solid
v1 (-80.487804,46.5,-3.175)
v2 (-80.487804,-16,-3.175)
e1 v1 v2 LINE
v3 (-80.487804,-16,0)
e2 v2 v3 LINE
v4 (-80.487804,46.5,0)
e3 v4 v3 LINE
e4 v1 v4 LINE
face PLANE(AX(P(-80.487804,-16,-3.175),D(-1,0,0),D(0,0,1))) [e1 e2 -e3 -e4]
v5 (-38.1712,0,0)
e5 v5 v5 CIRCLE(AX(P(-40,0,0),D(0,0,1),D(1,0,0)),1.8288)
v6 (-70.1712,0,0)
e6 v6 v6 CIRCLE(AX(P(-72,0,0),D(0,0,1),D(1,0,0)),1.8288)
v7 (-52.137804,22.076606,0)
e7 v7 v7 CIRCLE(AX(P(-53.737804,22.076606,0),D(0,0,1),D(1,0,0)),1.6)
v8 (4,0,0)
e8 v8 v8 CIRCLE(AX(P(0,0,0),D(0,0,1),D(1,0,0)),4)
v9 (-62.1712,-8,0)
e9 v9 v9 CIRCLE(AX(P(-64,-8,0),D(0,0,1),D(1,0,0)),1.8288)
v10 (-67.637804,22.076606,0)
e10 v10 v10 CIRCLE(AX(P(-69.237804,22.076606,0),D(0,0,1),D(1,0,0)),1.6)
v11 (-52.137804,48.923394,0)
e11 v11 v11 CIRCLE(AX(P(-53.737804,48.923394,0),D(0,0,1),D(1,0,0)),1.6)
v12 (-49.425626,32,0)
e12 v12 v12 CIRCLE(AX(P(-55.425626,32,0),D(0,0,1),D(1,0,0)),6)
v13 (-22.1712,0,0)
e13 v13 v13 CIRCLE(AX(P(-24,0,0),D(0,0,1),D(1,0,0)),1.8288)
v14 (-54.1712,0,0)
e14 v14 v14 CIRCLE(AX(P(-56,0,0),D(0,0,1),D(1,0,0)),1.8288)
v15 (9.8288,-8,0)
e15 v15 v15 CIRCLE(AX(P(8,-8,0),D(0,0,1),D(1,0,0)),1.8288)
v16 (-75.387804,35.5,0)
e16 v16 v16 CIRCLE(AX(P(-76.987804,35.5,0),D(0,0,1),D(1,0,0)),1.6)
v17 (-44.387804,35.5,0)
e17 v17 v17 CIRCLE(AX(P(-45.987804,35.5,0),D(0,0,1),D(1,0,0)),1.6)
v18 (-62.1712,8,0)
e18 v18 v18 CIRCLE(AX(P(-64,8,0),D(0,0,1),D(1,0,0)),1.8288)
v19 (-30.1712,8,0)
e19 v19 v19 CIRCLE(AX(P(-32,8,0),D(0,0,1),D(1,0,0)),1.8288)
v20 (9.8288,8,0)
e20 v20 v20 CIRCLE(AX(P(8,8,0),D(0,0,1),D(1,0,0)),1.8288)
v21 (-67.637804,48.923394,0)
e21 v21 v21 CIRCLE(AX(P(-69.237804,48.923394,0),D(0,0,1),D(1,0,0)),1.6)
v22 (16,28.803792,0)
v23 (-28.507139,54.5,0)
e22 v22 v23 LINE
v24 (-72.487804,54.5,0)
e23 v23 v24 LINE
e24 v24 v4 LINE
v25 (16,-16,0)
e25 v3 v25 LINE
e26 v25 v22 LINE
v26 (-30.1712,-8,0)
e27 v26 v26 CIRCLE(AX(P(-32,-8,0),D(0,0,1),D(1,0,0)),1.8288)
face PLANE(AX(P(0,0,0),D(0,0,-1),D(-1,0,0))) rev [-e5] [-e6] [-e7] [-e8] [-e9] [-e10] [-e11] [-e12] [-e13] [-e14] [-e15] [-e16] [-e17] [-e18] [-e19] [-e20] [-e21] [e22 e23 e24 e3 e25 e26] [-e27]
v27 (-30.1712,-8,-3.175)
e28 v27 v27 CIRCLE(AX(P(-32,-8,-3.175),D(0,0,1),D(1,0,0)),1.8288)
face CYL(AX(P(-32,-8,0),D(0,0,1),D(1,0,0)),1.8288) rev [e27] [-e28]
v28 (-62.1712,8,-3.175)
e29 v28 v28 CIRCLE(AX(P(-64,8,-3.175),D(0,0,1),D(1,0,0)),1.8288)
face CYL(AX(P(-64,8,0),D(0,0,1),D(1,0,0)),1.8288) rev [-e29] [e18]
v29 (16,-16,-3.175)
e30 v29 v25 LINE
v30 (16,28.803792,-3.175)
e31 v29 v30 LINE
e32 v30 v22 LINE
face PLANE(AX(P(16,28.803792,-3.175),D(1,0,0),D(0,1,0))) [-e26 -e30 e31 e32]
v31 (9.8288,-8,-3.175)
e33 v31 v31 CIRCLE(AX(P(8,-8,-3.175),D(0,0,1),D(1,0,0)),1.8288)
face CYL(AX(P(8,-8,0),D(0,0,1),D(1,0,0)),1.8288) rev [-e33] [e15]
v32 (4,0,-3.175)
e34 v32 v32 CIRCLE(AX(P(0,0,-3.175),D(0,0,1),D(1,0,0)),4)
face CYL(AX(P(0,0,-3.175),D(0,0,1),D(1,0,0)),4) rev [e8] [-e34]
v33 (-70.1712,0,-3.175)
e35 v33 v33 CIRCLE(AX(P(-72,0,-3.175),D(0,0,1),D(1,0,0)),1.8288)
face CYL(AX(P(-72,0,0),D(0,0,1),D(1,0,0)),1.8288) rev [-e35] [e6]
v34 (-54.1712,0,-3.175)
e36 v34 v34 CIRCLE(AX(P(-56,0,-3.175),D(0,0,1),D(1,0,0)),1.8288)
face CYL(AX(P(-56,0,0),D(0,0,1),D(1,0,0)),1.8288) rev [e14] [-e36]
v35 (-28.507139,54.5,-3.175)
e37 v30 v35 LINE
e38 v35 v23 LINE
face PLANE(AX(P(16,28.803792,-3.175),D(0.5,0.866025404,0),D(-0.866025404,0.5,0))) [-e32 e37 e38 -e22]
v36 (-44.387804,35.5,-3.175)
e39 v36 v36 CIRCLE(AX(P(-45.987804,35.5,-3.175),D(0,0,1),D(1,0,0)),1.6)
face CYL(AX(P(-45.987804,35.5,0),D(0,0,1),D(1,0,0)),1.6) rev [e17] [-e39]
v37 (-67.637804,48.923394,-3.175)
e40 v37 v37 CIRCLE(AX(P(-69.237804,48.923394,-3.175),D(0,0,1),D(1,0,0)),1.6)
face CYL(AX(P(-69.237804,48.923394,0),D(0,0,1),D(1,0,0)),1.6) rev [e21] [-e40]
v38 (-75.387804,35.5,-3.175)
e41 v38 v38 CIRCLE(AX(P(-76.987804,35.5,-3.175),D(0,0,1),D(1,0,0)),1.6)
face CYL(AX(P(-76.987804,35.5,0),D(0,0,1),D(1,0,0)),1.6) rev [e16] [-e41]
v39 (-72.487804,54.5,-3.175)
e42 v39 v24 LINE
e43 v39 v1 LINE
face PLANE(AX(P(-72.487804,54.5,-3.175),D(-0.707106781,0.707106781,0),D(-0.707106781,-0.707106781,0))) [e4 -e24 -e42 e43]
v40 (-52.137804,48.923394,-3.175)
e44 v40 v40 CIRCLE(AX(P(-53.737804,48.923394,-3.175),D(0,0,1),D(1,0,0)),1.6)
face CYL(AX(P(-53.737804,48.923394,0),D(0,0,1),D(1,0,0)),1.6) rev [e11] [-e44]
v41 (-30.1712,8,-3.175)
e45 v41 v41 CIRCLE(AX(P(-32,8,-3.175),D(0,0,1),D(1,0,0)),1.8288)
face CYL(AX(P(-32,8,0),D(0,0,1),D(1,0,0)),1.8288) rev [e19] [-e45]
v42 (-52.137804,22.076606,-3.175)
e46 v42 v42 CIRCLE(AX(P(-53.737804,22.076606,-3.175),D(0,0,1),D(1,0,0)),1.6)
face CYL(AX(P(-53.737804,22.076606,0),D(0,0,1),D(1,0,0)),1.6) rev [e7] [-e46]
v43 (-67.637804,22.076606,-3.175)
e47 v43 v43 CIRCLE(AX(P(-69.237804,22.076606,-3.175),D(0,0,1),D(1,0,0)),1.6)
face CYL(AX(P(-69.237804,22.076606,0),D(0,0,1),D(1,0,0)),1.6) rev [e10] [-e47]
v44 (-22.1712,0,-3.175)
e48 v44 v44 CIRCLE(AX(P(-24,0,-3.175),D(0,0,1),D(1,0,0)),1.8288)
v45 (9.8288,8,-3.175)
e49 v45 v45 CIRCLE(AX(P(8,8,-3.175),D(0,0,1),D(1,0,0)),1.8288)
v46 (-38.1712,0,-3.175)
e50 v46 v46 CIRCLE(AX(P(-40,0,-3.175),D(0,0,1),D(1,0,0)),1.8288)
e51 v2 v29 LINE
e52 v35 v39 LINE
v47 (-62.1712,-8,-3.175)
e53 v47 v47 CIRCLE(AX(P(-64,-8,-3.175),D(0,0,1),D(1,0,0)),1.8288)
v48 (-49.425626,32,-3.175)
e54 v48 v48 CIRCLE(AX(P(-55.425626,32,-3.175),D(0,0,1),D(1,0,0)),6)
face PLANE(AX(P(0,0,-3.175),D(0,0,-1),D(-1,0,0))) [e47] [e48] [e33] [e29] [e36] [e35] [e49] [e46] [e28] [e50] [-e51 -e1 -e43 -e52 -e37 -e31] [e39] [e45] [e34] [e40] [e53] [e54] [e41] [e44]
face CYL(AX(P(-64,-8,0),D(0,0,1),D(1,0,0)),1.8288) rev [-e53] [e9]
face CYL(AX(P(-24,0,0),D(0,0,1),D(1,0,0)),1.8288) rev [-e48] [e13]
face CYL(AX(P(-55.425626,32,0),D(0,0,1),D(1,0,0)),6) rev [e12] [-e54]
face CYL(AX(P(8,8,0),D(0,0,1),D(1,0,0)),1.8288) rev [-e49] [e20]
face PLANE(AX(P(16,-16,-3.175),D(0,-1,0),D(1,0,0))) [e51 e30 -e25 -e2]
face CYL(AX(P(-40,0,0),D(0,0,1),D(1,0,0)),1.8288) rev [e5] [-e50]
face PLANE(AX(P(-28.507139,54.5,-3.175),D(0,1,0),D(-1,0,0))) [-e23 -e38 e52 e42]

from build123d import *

# Parameters (mm, degrees)
SKETCH1_R                  = 4
BOSS_EXTRUDE1_DEPTH        = 3.175
M3_CLEARANCE_HOLE1_D       = 3.2
F_12_0_12_DIAMETER_HOLE1_D = 12
F_6_CLEARANCE_HOLE2_D      = 3.6576
F_6_CLEARANCE_HOLE1_D      = 3.6576


with BuildPart() as part:
    # Sketch1 → Boss-Extrude1 (new body)
    with BuildSketch(Plane.XY):
        Polygon((16, -16), (-80.487803669, -16), (-80.487803669, 46.5), (-72.487803669, 54.5), (-28.507138544, 54.5), (16, 28.803791581), align=None)
        Circle(SKETCH1_R, mode=Mode.SUBTRACT)
    extrude(amount=-BOSS_EXTRUDE1_DEPTH)

    # M3 Clearance Hole1 (through all)
    with Locations(Plane.XY):
        with Locations((-69.237803669, 48.923393759), (-53.737803669, 48.923393759), (-45.987803669, 35.5), (-53.737803669, 22.076606241), (-69.237803669, 22.076606241), (-76.987803669, 35.5)):
            Hole(M3_CLEARANCE_HOLE1_D / 2)

    # Ø12.0 (12) Diameter Hole1 (through all)
    with Locations(Plane.XY):
        with Locations((-55.425625842, 32)):
            Hole(F_12_0_12_DIAMETER_HOLE1_D / 2)

    # #6 Clearance Hole2 (through all)
    with Locations(Plane.XY):
        with Locations((-72, 0), (-32, -8), (-64, -8)):
            Hole(F_6_CLEARANCE_HOLE2_D / 2)

    # #6 Clearance Hole1 (through all)
    with Locations(Plane.XY):
        with Locations((-32, 8), (-24, 0), (-64, 8), (-56, 0), (-40, 0), (8, 8), (8, -8)):
            Hole(F_6_CLEARANCE_HOLE1_D / 2)


solid = part.part
